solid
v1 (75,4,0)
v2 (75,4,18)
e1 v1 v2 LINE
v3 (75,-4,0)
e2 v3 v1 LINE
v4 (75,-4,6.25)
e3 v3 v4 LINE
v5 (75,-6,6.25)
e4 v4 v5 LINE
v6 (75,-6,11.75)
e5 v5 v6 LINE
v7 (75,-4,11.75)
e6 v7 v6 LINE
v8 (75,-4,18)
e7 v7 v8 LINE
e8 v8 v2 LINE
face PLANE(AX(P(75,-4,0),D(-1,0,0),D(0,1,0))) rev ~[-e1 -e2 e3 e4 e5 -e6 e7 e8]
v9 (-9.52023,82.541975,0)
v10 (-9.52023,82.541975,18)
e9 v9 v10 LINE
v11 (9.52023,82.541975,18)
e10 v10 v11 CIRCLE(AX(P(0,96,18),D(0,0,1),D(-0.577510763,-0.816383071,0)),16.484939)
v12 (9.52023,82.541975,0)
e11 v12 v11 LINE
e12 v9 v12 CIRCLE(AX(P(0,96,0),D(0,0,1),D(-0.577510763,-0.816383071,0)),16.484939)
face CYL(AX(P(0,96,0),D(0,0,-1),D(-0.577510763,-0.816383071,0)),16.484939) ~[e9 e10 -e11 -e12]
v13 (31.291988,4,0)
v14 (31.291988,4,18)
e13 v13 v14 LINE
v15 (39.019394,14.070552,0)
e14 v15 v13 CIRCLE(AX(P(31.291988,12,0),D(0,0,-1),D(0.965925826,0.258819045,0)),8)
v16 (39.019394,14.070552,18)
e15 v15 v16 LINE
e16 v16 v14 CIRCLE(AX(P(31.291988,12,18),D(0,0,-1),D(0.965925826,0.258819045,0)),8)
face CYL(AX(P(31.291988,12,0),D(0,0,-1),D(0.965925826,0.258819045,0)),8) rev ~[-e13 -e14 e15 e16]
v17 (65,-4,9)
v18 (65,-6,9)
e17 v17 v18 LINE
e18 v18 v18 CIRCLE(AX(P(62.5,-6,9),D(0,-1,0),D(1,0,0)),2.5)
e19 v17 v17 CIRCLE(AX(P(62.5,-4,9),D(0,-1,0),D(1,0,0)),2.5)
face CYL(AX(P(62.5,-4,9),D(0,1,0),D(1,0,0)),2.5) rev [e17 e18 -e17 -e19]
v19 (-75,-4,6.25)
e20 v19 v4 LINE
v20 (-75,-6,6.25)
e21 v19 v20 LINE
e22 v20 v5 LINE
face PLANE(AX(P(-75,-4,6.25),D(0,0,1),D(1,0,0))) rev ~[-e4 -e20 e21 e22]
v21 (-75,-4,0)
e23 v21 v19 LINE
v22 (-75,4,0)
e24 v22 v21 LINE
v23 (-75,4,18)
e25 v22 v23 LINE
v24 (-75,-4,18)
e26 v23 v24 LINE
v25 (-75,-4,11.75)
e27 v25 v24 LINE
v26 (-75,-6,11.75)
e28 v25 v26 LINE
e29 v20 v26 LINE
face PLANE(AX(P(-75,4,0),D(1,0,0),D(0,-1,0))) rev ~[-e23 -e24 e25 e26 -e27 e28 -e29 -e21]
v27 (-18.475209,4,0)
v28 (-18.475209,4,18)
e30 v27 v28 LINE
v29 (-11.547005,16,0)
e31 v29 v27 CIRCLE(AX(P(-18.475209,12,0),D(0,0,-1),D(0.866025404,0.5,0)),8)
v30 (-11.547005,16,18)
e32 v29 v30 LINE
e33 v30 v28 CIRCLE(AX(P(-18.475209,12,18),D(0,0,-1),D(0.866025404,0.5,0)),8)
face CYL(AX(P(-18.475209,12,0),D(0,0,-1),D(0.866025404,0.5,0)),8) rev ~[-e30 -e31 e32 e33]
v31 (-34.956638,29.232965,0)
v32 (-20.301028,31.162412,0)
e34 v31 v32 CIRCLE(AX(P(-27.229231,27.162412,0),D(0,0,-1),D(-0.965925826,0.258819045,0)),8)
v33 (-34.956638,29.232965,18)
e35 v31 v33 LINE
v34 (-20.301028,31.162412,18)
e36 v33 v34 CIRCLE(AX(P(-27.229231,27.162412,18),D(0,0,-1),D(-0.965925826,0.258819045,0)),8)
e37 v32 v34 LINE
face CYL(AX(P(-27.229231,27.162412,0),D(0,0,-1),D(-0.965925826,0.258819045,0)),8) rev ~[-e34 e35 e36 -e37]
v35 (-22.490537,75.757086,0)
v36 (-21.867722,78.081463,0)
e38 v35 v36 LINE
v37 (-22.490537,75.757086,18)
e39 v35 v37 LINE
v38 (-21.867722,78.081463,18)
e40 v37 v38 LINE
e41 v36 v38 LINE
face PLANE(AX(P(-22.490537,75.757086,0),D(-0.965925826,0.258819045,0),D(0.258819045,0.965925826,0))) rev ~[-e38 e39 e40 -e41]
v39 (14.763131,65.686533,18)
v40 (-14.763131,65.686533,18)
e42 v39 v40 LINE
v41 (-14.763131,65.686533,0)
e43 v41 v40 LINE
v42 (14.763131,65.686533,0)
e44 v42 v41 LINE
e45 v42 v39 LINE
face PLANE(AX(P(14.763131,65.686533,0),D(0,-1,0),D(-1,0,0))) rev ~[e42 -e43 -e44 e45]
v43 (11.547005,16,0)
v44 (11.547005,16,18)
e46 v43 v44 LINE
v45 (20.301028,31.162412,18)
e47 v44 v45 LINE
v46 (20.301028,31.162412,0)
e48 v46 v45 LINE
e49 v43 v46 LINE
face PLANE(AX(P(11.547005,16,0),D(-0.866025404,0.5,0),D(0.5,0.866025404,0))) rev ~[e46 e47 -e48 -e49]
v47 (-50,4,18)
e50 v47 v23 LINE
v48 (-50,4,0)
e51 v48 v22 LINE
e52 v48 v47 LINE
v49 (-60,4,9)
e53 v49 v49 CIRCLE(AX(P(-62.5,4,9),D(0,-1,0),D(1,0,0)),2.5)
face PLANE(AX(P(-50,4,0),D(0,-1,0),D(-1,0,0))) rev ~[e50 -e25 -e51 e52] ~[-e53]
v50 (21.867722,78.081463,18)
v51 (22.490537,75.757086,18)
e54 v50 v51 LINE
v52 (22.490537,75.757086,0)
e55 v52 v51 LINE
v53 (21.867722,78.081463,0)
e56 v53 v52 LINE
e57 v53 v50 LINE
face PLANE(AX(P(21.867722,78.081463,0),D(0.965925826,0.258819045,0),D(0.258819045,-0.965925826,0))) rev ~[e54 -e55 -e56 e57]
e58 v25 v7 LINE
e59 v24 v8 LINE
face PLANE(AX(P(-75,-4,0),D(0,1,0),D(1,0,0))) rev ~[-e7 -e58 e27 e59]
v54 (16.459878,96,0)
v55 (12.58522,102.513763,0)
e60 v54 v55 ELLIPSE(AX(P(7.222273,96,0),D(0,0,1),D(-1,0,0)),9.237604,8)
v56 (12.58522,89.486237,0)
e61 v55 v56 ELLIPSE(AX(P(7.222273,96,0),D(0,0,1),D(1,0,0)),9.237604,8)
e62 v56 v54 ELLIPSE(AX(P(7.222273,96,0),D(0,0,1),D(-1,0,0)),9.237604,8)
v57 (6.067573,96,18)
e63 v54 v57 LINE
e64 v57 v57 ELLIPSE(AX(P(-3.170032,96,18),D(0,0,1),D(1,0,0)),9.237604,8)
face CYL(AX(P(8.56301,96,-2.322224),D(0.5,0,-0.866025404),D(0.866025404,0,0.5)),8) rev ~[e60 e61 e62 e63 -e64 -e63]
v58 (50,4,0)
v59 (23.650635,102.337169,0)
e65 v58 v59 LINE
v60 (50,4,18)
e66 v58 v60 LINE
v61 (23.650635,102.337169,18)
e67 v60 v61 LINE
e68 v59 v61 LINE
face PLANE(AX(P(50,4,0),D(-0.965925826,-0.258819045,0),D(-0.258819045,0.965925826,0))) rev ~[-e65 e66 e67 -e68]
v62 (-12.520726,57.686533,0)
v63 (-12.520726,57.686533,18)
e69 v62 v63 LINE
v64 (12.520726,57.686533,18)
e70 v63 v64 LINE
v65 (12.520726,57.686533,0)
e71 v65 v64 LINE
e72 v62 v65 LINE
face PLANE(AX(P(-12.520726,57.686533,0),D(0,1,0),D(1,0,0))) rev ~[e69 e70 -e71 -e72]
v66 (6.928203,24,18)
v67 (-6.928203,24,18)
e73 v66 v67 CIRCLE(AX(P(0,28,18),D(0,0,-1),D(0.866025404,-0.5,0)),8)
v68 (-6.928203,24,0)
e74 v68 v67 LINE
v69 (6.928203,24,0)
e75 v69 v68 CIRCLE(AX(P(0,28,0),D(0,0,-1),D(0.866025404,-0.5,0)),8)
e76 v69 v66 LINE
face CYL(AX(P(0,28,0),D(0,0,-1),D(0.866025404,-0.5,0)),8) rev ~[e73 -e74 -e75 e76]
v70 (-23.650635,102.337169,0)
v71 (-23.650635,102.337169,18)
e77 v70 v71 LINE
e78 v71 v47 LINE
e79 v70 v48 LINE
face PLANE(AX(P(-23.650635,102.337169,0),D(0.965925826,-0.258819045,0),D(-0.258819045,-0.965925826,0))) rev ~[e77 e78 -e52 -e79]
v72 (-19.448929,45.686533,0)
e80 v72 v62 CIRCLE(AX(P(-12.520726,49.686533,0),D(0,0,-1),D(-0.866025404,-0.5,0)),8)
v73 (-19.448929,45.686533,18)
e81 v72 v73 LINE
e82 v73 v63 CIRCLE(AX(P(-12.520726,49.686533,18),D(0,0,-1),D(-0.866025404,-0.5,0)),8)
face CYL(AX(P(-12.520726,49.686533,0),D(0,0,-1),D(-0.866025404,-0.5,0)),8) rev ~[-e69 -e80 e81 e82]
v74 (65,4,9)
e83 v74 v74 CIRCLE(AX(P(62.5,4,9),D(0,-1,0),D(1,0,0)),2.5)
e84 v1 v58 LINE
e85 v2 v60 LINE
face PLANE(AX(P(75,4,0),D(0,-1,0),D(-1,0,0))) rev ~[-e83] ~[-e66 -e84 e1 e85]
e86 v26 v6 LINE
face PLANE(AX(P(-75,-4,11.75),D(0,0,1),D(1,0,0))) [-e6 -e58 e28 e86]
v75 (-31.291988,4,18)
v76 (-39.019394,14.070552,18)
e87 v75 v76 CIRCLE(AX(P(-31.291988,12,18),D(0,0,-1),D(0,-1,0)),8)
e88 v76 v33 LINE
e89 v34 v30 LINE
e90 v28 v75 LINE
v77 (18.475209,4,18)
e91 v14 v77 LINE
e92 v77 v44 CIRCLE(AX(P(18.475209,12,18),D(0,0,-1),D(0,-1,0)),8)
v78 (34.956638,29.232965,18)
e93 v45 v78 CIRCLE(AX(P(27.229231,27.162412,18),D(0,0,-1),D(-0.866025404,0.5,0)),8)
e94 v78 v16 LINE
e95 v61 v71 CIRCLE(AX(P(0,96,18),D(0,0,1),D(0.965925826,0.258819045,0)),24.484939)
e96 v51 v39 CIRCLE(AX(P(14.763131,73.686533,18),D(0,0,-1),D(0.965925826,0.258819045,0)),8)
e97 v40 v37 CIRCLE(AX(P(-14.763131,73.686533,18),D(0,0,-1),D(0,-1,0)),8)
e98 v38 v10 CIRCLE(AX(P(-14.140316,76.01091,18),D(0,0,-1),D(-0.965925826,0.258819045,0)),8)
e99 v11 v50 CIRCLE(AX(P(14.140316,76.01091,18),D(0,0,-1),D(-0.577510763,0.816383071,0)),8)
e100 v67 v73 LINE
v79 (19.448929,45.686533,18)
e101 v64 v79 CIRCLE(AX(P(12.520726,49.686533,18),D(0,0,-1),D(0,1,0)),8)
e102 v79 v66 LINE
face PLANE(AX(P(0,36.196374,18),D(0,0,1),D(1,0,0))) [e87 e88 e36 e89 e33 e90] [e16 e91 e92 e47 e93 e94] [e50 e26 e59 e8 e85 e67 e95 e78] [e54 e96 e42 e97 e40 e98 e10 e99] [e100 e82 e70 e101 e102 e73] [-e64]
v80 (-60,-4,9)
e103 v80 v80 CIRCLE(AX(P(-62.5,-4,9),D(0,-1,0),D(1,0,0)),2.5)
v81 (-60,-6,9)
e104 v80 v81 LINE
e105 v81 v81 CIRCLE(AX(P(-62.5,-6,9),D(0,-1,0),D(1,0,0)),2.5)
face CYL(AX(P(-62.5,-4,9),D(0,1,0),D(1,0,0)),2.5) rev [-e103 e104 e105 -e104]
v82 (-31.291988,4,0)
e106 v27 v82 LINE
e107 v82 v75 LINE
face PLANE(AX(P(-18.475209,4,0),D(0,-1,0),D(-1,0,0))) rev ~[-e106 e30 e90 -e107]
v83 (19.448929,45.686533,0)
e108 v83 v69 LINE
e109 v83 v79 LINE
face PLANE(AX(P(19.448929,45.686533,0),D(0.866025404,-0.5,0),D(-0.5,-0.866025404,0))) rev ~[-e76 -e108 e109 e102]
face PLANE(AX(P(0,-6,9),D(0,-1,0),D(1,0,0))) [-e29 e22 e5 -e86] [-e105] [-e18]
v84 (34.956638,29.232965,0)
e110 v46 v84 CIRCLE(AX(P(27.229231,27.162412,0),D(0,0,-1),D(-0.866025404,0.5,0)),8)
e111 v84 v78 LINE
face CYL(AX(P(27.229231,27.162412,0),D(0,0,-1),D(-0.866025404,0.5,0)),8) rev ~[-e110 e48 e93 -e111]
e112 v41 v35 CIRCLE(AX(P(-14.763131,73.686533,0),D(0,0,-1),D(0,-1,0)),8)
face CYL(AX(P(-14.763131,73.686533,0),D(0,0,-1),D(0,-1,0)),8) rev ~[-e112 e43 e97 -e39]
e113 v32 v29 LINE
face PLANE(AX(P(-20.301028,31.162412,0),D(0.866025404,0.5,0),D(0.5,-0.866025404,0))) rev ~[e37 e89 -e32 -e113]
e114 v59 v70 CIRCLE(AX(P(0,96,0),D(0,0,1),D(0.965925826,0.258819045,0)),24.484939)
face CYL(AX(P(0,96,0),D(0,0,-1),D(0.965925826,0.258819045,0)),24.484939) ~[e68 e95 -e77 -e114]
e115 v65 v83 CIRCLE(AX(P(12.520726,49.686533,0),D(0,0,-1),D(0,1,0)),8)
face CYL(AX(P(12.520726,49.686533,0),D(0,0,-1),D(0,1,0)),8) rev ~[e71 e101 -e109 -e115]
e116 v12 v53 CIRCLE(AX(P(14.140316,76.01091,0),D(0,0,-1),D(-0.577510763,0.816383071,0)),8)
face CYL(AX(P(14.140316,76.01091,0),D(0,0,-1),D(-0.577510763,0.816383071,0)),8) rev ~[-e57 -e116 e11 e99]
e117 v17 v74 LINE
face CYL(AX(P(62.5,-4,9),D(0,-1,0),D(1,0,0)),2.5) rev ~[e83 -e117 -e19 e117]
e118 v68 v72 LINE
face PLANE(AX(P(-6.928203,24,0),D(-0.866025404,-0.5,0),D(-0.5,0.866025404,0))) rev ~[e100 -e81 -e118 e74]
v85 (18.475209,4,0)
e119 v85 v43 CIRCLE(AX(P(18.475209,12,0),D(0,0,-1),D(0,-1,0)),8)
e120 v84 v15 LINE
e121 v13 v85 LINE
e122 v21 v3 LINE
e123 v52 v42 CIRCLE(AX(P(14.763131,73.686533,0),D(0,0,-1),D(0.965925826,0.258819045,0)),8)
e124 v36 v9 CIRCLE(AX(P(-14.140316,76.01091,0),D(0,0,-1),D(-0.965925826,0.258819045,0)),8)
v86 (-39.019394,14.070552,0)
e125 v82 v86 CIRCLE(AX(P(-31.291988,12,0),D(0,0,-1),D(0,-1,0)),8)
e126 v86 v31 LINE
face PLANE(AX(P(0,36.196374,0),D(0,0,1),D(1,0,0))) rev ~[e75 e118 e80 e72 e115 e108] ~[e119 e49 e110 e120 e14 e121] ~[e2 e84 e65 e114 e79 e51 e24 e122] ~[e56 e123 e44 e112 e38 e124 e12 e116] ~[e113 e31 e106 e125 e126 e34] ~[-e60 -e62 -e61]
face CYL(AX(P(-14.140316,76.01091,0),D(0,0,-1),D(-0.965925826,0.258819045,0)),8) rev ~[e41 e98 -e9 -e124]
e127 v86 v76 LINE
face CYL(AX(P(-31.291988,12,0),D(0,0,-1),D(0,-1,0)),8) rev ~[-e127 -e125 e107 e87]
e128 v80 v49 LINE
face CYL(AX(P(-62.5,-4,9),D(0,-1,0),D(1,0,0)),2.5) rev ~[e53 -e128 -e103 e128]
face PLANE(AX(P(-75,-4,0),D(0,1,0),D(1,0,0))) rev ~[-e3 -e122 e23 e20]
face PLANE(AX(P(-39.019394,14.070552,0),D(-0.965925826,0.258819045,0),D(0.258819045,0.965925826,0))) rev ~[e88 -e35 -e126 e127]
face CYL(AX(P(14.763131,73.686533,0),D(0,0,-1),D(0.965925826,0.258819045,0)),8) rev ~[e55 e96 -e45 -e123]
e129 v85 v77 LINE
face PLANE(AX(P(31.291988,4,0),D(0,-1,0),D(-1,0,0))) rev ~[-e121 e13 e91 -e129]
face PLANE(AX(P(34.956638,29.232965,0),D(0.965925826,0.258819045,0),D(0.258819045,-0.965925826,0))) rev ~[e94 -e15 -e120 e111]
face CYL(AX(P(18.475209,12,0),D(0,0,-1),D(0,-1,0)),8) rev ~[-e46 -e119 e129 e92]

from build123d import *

# Parameters (mm, degrees)
F6_DEPTH       = 18
F7_W           = 150
F7_H           = 5.5
F7_R           = 2.5
F8_DEPTH       = 2
F9_DEPTH       = 8
F5_R           = 8
F10_DEPTH      = 40
F10_DEPTH_BACK = 30


with BuildPart() as f6:
    # F0 (on Top) → F6 (new body)
    with BuildSketch(Plane.XY):
        with BuildLine():
            Line((-75, -4), (75, -4))
            Line((75, -4), (75, 4))
            Line((75, 4), (50, 4))
            Line((50, 4), (23.6506350946, 102.3371685741))
            ThreePointArc((23.6506350946, 102.3371685741), (0, 120.484939165), (-23.6506350946, 102.3371685741))
            Line((-23.6506350946, 102.3371685741), (-50, 4))
            Line((-50, 4), (-75, 4))
            Line((-75, 4), (-75, -4))
        make_face()
        with BuildLine():
            ThreePointArc((-31.291987574, 4), (-37.6388142963, 7.1299085679), (-39.0193941843, 14.0705523608))
            Line((-39.0193941843, 14.0705523608), (-34.9566380514, 29.2329646678))
            ThreePointArc((-34.9566380514, 29.2329646678), (-28.2734409788, 35.0939711979), (-20.3010282108, 31.1624123069))
            Line((-20.3010282108, 31.1624123069), (-11.5470053838, 16))
            ThreePointArc((-11.5470053838, 16), (-11.5470053838, 8), (-18.4752086141, 4))
            Line((-18.4752086141, 4), (-31.291987574, 4))
        make_face(mode=Mode.SUBTRACT)
        with BuildLine():
            ThreePointArc((39.0193941843, 14.0705523608), (37.6388142963, 7.1299085679), (31.291987574, 4))
            Line((31.291987574, 4), (18.4752086141, 4))
            ThreePointArc((18.4752086141, 4), (11.5470053838, 8), (11.5470053838, 16))
            Line((11.5470053838, 16), (20.3010282108, 31.1624123069))
            ThreePointArc((20.3010282108, 31.1624123069), (28.2734409788, 35.0939711979), (34.9566380514, 29.2329646678))
            Line((34.9566380514, 29.2329646678), (39.0193941843, 14.0705523608))
        make_face(mode=Mode.SUBTRACT)
        with BuildLine():
            ThreePointArc((-19.4489291724, 45.6865334795), (-19.4489291724, 53.6865334795), (-12.5207259422, 57.6865334795))
            Line((-12.5207259422, 57.6865334795), (12.5207259422, 57.6865334795))
            ThreePointArc((12.5207259422, 57.6865334795), (19.4489291724, 53.6865334795), (19.4489291724, 45.6865334795))
            Line((19.4489291724, 45.6865334795), (6.9282032303, 24))
            ThreePointArc((6.9282032303, 24), (0, 20), (-6.9282032303, 24))
            Line((-6.9282032303, 24), (-19.4489291724, 45.6865334795))
        make_face(mode=Mode.SUBTRACT)
        with BuildLine():
            Line((14.7631307443, 65.6865334795), (-14.7631307443, 65.6865334795))
            ThreePointArc((-14.7631307443, 65.6865334795), (-21.1099574666, 68.8164420474), (-22.4905373546, 75.7570858403))
            Line((-22.4905373546, 75.7570858403), (-21.8677224991, 78.0814625246))
            ThreePointArc((-21.8677224991, 78.0814625246), (-16.8583855127, 83.5350112742), (-9.5202297882, 82.5419747342))
            ThreePointArc((-9.5202297882, 82.5419747342), (0, 79.515060835), (9.5202297882, 82.5419747342))
            ThreePointArc((9.5202297882, 82.5419747342), (16.8583855127, 83.5350112742), (21.8677224991, 78.0814625246))
            Line((21.8677224991, 78.0814625246), (22.4905373546, 75.7570858403))
            ThreePointArc((22.4905373546, 75.7570858403), (21.1099574666, 68.8164420474), (14.7631307443, 65.6865334795))
        make_face(mode=Mode.SUBTRACT)
    extrude(amount=F6_DEPTH)

    # F7 (on face) → F8 (join)
    with BuildSketch(Plane.XZ.offset(4)):
        with Locations((0, 9)):
            Rectangle(F7_W, F7_H)
        with Locations((-62.5, 9)):
            Circle(F7_R, mode=Mode.SUBTRACT)
        with Locations((62.5, 9)):
            Circle(F7_R, mode=Mode.SUBTRACT)
    extrude(amount=F8_DEPTH)

    # F9 (cut): faces of the model
    f9_faces = [f6.faces().sort_by_distance(p)[0] for p in [
        (62.5, -4, 9),
        (-62.5, -4, 9),
    ]]
    extrude(f9_faces, amount=-F9_DEPTH, mode=Mode.SUBTRACT)

    # F5 (on face) → F10 (cut, two sides)
    with BuildSketch(Plane(origin=(3.146304925, 0, -5.4495599862), x_dir=(0.8660254038, 0, 0.5), z_dir=(0.5, 0, -0.8660254038))) as f10_sk:
        with Locations((6.2546720728, -96)):
            Circle(F5_R)
    extrude(amount=-F10_DEPTH, mode=Mode.SUBTRACT)
    extrude(f10_sk.sketch, amount=F10_DEPTH_BACK, mode=Mode.SUBTRACT)


solid = f6.part
